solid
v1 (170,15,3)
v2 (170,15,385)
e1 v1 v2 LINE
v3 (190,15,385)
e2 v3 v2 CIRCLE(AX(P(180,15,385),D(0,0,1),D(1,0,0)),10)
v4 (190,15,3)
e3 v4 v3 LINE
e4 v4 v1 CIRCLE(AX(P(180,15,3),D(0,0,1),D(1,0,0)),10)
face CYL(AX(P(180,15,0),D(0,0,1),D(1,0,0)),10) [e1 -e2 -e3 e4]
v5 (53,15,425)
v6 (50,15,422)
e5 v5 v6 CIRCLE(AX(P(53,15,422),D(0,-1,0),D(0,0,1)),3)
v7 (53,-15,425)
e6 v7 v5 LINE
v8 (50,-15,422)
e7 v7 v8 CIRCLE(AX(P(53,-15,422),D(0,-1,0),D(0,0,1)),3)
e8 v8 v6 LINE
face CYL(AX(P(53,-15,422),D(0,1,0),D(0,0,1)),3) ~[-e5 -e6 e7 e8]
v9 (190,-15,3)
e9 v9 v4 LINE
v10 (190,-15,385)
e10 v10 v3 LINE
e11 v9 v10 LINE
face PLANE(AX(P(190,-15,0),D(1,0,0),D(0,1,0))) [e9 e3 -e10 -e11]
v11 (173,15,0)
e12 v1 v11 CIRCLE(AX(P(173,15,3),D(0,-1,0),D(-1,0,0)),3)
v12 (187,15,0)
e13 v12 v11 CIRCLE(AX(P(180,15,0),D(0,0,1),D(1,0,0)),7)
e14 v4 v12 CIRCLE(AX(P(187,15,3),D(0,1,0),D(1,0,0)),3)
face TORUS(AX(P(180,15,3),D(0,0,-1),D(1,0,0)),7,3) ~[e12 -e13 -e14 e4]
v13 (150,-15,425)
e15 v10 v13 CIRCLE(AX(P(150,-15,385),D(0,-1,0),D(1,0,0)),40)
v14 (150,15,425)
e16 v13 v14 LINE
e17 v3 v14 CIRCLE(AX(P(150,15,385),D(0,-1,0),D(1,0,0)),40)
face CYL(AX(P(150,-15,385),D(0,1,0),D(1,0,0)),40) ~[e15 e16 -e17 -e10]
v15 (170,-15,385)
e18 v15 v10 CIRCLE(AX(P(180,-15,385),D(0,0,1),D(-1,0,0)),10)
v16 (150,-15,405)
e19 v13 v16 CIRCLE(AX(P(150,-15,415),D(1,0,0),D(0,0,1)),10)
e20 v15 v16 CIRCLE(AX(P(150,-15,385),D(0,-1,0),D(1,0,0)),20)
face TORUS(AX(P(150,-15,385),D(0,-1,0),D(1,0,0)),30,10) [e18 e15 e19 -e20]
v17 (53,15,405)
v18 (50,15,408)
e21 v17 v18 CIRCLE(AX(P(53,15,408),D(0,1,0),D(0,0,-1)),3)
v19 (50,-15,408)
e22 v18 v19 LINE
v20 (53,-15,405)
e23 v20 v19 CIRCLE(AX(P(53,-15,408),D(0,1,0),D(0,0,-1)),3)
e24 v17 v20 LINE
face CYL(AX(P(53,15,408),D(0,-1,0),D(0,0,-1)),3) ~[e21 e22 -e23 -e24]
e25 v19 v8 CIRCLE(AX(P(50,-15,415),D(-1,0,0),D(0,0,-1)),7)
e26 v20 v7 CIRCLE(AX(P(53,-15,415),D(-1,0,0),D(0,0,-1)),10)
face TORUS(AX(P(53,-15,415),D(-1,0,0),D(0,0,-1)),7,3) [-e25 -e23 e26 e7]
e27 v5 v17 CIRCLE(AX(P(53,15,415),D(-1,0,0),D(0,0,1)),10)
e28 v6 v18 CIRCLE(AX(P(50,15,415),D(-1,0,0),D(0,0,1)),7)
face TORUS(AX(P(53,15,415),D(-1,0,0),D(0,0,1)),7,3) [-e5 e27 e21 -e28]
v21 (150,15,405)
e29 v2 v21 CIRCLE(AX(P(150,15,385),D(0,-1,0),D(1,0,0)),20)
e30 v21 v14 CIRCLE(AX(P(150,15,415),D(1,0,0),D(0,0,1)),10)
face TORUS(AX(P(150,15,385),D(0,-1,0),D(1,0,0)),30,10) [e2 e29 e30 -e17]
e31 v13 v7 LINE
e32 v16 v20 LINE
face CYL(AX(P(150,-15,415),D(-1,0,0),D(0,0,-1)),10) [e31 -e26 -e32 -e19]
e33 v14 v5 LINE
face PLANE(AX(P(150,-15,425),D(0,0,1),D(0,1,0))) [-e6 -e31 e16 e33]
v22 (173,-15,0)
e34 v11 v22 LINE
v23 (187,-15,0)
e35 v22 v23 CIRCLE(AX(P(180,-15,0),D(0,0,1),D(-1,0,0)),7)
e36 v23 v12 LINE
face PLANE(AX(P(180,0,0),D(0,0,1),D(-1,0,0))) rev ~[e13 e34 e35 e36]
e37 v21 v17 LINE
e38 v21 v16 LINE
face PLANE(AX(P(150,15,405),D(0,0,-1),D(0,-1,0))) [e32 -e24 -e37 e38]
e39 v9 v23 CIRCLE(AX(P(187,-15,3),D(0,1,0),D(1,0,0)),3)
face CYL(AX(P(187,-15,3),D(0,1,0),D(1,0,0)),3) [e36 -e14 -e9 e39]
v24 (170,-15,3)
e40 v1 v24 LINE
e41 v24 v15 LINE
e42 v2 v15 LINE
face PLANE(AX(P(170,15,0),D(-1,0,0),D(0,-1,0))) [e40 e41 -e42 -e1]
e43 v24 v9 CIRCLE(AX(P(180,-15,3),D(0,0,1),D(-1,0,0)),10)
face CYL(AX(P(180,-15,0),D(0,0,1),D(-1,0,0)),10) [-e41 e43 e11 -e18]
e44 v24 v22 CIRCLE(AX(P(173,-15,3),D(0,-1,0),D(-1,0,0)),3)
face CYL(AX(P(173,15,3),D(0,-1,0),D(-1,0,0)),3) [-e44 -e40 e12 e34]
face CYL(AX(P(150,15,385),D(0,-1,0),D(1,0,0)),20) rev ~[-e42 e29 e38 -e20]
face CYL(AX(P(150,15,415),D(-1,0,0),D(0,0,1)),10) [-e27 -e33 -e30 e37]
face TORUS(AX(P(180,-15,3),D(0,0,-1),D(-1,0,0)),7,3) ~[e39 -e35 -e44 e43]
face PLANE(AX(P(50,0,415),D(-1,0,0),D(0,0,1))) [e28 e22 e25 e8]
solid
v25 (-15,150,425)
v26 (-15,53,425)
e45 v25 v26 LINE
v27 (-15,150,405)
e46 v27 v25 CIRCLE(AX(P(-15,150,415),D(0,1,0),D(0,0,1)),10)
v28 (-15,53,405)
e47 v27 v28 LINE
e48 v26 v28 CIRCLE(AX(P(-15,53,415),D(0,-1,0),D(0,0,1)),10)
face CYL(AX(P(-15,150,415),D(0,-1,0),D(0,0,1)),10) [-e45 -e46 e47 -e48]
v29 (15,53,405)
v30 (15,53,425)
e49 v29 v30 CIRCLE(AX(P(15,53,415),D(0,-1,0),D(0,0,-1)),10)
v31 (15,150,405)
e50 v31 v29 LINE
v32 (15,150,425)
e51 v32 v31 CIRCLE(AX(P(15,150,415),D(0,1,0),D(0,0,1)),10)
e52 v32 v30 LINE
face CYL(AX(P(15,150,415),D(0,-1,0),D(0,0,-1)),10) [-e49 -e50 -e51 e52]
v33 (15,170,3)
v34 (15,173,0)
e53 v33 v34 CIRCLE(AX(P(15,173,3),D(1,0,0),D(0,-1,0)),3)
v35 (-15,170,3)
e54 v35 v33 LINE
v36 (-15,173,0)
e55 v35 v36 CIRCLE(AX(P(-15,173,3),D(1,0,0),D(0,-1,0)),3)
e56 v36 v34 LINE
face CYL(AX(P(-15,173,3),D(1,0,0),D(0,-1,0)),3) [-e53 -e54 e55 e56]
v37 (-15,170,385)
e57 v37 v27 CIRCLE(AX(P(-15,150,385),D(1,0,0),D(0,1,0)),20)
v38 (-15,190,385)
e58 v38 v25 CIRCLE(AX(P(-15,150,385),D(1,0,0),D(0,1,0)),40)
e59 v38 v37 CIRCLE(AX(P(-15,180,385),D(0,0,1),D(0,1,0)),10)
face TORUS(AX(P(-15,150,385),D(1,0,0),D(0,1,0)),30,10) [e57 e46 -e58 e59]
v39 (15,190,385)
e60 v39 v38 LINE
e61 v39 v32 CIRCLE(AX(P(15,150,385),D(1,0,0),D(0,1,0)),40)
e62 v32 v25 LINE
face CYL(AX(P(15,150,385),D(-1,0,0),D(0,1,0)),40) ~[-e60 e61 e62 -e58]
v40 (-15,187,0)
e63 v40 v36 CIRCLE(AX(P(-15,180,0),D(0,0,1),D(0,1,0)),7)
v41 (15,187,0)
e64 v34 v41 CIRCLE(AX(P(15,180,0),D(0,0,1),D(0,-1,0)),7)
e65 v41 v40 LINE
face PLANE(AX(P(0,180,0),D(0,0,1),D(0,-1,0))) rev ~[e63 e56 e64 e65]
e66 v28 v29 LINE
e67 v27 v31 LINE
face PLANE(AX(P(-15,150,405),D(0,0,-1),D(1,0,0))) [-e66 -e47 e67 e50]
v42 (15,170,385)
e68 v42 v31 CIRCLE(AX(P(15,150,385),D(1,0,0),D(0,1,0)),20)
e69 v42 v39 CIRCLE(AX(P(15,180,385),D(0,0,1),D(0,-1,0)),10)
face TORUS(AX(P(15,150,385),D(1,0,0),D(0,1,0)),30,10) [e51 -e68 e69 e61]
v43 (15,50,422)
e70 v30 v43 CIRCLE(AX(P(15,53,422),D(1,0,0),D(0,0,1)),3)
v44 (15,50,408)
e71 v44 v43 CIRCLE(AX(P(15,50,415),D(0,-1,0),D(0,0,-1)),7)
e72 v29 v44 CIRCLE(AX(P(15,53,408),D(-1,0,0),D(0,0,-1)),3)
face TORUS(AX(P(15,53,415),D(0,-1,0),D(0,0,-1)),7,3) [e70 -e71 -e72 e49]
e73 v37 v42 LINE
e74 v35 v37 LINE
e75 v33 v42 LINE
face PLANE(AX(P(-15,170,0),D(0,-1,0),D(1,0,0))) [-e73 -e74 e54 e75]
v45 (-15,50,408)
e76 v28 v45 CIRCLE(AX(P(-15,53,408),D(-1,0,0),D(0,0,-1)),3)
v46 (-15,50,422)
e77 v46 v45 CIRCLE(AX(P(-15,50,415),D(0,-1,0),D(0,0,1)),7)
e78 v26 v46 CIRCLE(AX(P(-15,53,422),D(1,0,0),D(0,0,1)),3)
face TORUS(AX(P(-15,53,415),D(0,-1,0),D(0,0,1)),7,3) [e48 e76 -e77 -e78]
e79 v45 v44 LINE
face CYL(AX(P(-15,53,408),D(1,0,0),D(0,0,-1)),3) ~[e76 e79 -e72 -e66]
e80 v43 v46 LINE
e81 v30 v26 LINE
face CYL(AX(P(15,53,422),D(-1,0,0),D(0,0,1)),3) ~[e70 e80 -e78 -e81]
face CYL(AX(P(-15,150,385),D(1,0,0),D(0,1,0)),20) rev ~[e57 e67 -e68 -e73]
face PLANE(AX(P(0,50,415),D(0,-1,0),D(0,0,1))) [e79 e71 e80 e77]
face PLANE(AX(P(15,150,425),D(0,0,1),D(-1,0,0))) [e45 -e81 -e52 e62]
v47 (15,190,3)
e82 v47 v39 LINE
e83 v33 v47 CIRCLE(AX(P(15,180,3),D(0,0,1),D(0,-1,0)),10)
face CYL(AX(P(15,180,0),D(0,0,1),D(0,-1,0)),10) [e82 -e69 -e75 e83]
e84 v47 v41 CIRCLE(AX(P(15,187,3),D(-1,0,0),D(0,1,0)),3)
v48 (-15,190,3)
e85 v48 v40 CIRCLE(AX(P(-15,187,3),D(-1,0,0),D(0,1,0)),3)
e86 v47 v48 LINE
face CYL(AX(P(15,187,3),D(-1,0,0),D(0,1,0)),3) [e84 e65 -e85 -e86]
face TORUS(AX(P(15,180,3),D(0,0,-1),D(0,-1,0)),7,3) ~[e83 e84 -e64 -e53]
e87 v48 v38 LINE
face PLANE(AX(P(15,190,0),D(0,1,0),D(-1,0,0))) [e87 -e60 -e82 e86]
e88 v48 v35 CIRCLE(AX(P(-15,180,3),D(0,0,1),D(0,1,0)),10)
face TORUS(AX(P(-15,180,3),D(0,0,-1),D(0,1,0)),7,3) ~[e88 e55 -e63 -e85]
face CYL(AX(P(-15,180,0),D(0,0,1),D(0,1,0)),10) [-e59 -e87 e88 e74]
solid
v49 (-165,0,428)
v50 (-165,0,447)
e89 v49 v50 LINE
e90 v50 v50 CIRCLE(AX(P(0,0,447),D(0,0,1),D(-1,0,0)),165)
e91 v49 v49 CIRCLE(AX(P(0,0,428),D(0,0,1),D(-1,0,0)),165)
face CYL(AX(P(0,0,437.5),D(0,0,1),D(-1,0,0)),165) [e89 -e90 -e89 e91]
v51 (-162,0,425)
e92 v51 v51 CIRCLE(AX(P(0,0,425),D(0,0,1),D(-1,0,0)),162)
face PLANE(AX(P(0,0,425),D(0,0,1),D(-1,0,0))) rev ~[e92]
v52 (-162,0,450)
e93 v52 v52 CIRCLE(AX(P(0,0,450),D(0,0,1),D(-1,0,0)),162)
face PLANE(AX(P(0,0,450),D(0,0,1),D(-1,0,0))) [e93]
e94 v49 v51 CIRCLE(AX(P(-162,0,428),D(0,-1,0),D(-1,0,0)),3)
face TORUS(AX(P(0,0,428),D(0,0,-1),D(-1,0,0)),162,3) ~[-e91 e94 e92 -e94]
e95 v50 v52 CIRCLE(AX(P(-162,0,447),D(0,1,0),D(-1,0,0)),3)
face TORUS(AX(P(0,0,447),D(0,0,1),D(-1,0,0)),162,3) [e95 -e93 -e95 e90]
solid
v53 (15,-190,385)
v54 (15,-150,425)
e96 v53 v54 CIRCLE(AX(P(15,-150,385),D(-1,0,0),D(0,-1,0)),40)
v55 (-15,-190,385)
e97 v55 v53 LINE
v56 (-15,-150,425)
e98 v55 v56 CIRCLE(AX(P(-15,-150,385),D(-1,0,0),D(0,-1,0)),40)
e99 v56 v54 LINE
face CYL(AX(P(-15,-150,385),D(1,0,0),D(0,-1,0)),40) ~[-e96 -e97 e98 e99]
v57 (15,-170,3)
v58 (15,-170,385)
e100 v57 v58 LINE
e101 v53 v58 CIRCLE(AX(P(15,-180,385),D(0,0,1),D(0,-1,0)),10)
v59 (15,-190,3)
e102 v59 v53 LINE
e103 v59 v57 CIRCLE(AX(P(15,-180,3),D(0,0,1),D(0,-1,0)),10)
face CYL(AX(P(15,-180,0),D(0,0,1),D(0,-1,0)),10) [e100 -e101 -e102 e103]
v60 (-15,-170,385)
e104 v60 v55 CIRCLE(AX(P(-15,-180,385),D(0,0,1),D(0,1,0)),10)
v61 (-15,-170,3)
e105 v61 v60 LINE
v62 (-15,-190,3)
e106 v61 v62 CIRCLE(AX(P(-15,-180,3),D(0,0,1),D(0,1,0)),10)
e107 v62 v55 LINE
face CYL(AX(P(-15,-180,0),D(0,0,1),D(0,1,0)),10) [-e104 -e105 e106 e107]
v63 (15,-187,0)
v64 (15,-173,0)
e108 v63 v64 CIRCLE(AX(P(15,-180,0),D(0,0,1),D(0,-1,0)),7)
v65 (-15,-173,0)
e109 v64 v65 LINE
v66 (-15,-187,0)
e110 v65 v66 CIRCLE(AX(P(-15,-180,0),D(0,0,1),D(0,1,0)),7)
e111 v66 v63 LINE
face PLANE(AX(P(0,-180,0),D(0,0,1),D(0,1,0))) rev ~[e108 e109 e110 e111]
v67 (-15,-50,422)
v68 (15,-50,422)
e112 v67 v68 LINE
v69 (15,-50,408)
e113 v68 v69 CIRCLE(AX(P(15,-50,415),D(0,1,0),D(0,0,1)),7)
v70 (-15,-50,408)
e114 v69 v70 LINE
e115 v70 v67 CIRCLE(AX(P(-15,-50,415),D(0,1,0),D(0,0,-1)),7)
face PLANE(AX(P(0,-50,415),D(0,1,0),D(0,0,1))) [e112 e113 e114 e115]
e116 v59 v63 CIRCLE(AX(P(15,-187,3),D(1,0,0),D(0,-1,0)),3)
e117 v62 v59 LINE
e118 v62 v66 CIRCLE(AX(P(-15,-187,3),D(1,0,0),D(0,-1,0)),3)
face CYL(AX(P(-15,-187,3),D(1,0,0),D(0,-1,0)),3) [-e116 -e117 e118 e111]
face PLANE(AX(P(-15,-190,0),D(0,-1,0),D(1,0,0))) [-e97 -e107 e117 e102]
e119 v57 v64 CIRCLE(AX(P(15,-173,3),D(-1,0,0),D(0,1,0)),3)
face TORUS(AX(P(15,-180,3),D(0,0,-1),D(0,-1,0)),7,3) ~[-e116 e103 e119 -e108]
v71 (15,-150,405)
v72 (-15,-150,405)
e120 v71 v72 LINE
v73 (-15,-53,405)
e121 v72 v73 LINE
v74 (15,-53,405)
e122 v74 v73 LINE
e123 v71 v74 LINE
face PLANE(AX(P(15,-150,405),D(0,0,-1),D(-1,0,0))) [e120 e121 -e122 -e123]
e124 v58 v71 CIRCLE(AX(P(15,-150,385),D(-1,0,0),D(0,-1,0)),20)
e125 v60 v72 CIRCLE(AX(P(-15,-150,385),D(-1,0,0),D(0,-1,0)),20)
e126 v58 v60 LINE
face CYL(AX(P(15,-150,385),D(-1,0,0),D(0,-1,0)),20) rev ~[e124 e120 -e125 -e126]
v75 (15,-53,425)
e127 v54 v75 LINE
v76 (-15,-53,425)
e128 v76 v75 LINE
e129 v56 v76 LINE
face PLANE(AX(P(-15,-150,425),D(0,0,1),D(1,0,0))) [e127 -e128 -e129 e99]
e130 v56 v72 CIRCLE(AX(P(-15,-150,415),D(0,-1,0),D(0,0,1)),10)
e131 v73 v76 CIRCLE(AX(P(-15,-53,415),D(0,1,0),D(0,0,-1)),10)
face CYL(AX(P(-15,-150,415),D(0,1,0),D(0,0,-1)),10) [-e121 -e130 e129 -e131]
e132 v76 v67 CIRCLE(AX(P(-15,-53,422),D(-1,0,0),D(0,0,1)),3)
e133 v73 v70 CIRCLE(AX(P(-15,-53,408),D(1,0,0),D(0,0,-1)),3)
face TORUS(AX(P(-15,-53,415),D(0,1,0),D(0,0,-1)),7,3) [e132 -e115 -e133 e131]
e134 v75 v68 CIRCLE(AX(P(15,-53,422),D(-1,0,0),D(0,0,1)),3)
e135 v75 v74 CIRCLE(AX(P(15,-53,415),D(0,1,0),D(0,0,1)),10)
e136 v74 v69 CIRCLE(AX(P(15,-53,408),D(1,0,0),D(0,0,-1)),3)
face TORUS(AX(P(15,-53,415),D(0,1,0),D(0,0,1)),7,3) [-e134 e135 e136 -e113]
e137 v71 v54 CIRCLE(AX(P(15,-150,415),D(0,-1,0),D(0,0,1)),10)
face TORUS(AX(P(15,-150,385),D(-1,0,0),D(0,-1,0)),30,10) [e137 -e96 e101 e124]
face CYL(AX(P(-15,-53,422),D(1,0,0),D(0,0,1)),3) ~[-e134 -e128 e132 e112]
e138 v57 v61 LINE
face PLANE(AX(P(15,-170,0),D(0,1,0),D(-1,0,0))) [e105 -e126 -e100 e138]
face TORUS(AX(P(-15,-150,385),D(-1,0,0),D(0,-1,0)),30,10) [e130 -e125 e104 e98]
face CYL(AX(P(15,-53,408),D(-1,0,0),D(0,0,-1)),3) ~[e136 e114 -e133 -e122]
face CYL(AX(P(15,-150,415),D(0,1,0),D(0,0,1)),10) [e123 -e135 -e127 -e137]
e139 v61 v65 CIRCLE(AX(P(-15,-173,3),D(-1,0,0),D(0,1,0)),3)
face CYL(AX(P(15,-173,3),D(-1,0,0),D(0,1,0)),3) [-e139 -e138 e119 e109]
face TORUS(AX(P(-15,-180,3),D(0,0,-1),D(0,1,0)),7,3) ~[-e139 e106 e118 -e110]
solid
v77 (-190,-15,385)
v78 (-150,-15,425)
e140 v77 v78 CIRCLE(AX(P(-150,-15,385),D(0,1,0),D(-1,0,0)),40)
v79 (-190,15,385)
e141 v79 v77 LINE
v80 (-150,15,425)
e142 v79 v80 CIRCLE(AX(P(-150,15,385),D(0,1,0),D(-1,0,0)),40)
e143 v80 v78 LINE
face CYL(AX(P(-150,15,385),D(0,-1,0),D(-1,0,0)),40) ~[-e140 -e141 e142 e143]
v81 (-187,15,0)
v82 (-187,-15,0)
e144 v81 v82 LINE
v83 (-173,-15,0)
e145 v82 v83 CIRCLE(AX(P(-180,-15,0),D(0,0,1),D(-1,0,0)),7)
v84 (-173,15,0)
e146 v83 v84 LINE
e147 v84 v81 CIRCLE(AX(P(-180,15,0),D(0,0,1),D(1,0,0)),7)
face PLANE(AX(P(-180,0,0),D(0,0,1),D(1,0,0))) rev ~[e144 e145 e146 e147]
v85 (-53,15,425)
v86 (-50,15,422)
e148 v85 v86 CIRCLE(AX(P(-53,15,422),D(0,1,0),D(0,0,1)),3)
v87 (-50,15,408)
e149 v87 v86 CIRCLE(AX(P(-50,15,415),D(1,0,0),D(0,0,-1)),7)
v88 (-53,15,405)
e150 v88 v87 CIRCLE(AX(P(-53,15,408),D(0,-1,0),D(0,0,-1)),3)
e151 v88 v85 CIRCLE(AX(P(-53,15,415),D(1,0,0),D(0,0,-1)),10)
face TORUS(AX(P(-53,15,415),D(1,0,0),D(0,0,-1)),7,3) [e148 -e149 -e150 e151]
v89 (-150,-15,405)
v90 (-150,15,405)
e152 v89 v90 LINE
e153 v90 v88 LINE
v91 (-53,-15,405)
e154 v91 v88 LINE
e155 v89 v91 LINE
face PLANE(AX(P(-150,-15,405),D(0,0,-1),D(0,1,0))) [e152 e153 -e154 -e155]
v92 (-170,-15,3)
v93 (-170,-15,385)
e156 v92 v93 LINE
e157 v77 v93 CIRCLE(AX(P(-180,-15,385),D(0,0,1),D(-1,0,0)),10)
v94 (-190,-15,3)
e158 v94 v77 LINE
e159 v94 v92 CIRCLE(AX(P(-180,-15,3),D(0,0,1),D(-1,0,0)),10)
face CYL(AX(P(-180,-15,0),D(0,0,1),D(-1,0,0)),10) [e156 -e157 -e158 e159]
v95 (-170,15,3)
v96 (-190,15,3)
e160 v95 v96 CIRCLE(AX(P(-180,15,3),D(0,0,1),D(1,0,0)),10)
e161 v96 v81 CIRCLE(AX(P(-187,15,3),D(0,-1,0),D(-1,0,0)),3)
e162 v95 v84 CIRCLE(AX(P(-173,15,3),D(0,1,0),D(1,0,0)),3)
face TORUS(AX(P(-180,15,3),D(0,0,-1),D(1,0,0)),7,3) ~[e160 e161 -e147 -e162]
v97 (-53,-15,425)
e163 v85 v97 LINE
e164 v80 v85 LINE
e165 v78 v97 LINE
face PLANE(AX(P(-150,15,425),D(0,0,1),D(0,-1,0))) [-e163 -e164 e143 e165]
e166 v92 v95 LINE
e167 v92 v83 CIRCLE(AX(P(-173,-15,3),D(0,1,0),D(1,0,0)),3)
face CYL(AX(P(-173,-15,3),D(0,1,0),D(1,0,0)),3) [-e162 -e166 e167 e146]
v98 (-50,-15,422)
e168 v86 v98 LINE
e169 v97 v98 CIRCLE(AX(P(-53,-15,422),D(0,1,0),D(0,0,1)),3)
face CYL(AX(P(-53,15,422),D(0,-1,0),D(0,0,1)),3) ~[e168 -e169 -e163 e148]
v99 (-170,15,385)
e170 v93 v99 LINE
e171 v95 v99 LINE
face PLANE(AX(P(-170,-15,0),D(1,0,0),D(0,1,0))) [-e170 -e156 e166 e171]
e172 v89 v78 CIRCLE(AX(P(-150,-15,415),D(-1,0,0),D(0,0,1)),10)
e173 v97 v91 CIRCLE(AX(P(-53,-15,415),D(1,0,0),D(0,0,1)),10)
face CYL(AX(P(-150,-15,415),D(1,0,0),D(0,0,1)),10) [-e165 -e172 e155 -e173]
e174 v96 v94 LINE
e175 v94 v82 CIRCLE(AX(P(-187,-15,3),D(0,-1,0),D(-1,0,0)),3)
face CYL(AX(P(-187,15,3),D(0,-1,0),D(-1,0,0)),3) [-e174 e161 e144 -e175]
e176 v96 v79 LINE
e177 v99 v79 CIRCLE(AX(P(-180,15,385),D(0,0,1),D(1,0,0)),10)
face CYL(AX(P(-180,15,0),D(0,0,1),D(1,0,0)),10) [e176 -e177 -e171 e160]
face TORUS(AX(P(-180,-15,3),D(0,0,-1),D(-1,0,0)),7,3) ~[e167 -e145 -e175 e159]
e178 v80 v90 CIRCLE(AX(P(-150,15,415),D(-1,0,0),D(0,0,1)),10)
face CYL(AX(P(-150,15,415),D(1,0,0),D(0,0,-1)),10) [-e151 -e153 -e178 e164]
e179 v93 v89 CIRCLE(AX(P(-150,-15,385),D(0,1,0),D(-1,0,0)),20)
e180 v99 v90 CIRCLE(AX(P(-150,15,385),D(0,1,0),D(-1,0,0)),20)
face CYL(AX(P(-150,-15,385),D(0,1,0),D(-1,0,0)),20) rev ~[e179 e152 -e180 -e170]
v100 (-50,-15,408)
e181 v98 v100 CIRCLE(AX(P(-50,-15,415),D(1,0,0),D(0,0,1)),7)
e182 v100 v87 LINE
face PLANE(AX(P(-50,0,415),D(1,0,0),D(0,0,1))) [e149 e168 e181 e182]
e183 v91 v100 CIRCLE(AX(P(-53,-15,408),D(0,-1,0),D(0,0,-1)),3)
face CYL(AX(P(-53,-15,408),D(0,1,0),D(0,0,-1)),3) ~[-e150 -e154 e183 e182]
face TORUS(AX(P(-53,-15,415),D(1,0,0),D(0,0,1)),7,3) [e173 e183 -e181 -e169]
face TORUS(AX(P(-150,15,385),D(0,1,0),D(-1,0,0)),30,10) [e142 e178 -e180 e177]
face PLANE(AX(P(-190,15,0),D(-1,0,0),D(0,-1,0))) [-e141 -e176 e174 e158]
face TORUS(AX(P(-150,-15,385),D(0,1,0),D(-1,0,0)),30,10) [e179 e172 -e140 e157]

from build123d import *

# Parameters (mm, degrees)
F4_COUNT = 4
F5_W     = 165
F5_H     = 25
F7_R     = 3
F7_2_R   = 3
F7_3_R   = 3
F7_4_R   = 3
F7_5_R   = 3


with BuildPart() as f2:
    # F2: sweep along a path in F1
    with BuildLine(Plane.XZ) as f2_path:
        Line((-180, 0), (-180, 385))
        ThreePointArc((-180, 385), (-171.2132034356, 406.2132034356), (-150, 415))
        Line((-150, 415), (-50, 415))
    # F0 (on Top) → F2 (sweep)
    with BuildSketch(Plane.XY):
        with BuildLine():
            Line((-170, -15), (-170, 15))
            ThreePointArc((-170, 15), (-180, 25), (-190, 15))
            Line((-190, 15), (-190, -15))
            ThreePointArc((-190, -15), (-180, -25), (-170, -15))
        make_face()
    sweep(path=f2_path.line)


with BuildPart() as f4_1:
    # F4: instance of F2
    add(f2.part.rotate(Axis((0, 0, 41.5284819901), (0, 0, 1)), 1 * 360 / F4_COUNT))

    # F7#3
    f7_3_edges = [f4_1.edges().sort_by_distance(p)[0] for p in [
        (-15, -190, 192.5),
        (0, -190, 0),
        (15, -190, 192.5),
        (0, -190, 385),
        (15, -178.284271, 413.284271),
        (25, -180, 385),
        (15, -164.142136, 399.142136),
        (25, -150, 415),
        (15, -100, 425),
        (15, -100, 405),
        (25, -50, 415),
        (25, -180, 0),
        (15, -170, 192.5),
        (-15, -164.142136, 399.142136),
        (-25, -180, 385),
        (-15, -178.284271, 413.284271),
        (-25, -150, 415),
        (-15, -170, 192.5),
        (-25, -180, 0),
        (0, -50, 405),
        (-25, -50, 415),
        (0, -50, 425),
        (0, -170, 0),
        (0, -150, 425),
        (-15, -100, 405),
        (-15, -100, 425),
        (0, -170, 385),
        (0, -150, 405),
    ]]
    fillet(f7_3_edges, radius=F7_3_R)


with BuildPart() as f4_2:
    # F4: instance of F2
    add(f2.part.rotate(Axis((0, 0, 41.5284819901), (0, 0, 1)), 2 * 360 / F4_COUNT))

    # F7#4
    f7_4_edges = [f4_2.edges().sort_by_distance(p)[0] for p in [
        (50, 0, 405),
        (50, -25, 415),
        (50, 0, 425),
        (50, 25, 415),
        (170, 0, 0),
        (180, -25, 0),
        (190, 0, 0),
        (180, 25, 0),
        (170, -15, 192.5),
        (190, -15, 192.5),
        (180, -25, 385),
        (178.284271, -15, 413.284271),
        (100, -15, 405),
        (150, -25, 415),
        (100, -15, 425),
        (164.142136, -15, 399.142136),
        (190, 15, 192.5),
        (170, 15, 192.5),
        (180, 25, 385),
        (178.284271, 15, 413.284271),
        (164.142136, 15, 399.142136),
        (150, 25, 415),
        (190, 0, 385),
        (150, 0, 425),
        (100, 15, 425),
        (100, 15, 405),
        (170, 0, 385),
        (150, 0, 405),
    ]]
    fillet(f7_4_edges, radius=F7_4_R)


with BuildPart() as f4_3:
    # F4: instance of F2
    add(f2.part.rotate(Axis((0, 0, 41.5284819901), (0, 0, 1)), 3 * 360 / F4_COUNT))

    # F7#2
    f7_2_edges = [f4_3.edges().sort_by_distance(p)[0] for p in [
        (15, 170, 192.5),
        (25, 180, 0),
        (15, 190, 192.5),
        (25, 180, 385),
        (-15, 190, 192.5),
        (-25, 180, 0),
        (-15, 170, 192.5),
        (-25, 180, 385),
        (0, 170, 0),
        (0, 170, 385),
        (0, 190, 0),
        (15, 100, 405),
        (25, 150, 415),
        (15, 100, 425),
        (25, 50, 415),
        (0, 50, 425),
        (0, 50, 405),
        (-25, 50, 415),
        (15, 164.142136, 399.142136),
        (15, 178.284271, 413.284271),
        (-15, 100, 425),
        (-25, 150, 415),
        (-15, 100, 405),
        (0, 190, 385),
        (0, 150, 425),
        (-15, 178.284271, 413.284271),
        (0, 150, 405),
        (-15, 164.142136, 399.142136),
    ]]
    fillet(f7_2_edges, radius=F7_2_R)


with BuildPart() as f6:
    # F5 (on Front) → F6 (revolve)
    with BuildSketch(Plane.XZ):
        with Locations((-82.5, 437.5)):
            Rectangle(F5_W, F5_H)
    revolve(axis=Axis((0, 0, 41.5284819901), (0, 0, 1)))

    # F7
    f7_edges = [f6.edges().sort_by_distance(p)[0] for p in [
        (165, 0, 450),
        (165, 0, 425),
        (-165, 0, 437.5),
    ]]
    fillet(f7_edges, radius=F7_R)


with BuildPart() as f2_1:
    add(f2.part)

    # F7#5
    f7_5_edges = [f2_1.edges().sort_by_distance(p)[0] for p in [
        (-190, 0, 385),
        (-100, -15, 425),
        (-150, -25, 415),
        (-100, -15, 405),
        (-50, -25, 415),
        (-170, 15, 192.5),
        (-180, 25, 0),
        (-190, 15, 192.5),
        (-180, 25, 385),
        (-178.284271, -15, 413.284271),
        (-180, -25, 385),
        (-164.142136, -15, 399.142136),
        (-170, 0, 0),
        (-190, 0, 0),
        (-180, -25, 0),
        (-190, -15, 192.5),
        (-170, -15, 192.5),
        (-170, 0, 385),
        (-164.142136, 15, 399.142136),
        (-150, 0, 405),
        (-150, 0, 425),
        (-150, 25, 415),
        (-100, 15, 405),
        (-100, 15, 425),
        (-50, 25, 415),
        (-178.284271, 15, 413.284271),
        (-50, 0, 405),
        (-50, 0, 425),
    ]]
    fillet(f7_5_edges, radius=F7_5_R)


solid = Compound([f4_1.part, f4_2.part, f4_3.part, f6.part, f2_1.part])
